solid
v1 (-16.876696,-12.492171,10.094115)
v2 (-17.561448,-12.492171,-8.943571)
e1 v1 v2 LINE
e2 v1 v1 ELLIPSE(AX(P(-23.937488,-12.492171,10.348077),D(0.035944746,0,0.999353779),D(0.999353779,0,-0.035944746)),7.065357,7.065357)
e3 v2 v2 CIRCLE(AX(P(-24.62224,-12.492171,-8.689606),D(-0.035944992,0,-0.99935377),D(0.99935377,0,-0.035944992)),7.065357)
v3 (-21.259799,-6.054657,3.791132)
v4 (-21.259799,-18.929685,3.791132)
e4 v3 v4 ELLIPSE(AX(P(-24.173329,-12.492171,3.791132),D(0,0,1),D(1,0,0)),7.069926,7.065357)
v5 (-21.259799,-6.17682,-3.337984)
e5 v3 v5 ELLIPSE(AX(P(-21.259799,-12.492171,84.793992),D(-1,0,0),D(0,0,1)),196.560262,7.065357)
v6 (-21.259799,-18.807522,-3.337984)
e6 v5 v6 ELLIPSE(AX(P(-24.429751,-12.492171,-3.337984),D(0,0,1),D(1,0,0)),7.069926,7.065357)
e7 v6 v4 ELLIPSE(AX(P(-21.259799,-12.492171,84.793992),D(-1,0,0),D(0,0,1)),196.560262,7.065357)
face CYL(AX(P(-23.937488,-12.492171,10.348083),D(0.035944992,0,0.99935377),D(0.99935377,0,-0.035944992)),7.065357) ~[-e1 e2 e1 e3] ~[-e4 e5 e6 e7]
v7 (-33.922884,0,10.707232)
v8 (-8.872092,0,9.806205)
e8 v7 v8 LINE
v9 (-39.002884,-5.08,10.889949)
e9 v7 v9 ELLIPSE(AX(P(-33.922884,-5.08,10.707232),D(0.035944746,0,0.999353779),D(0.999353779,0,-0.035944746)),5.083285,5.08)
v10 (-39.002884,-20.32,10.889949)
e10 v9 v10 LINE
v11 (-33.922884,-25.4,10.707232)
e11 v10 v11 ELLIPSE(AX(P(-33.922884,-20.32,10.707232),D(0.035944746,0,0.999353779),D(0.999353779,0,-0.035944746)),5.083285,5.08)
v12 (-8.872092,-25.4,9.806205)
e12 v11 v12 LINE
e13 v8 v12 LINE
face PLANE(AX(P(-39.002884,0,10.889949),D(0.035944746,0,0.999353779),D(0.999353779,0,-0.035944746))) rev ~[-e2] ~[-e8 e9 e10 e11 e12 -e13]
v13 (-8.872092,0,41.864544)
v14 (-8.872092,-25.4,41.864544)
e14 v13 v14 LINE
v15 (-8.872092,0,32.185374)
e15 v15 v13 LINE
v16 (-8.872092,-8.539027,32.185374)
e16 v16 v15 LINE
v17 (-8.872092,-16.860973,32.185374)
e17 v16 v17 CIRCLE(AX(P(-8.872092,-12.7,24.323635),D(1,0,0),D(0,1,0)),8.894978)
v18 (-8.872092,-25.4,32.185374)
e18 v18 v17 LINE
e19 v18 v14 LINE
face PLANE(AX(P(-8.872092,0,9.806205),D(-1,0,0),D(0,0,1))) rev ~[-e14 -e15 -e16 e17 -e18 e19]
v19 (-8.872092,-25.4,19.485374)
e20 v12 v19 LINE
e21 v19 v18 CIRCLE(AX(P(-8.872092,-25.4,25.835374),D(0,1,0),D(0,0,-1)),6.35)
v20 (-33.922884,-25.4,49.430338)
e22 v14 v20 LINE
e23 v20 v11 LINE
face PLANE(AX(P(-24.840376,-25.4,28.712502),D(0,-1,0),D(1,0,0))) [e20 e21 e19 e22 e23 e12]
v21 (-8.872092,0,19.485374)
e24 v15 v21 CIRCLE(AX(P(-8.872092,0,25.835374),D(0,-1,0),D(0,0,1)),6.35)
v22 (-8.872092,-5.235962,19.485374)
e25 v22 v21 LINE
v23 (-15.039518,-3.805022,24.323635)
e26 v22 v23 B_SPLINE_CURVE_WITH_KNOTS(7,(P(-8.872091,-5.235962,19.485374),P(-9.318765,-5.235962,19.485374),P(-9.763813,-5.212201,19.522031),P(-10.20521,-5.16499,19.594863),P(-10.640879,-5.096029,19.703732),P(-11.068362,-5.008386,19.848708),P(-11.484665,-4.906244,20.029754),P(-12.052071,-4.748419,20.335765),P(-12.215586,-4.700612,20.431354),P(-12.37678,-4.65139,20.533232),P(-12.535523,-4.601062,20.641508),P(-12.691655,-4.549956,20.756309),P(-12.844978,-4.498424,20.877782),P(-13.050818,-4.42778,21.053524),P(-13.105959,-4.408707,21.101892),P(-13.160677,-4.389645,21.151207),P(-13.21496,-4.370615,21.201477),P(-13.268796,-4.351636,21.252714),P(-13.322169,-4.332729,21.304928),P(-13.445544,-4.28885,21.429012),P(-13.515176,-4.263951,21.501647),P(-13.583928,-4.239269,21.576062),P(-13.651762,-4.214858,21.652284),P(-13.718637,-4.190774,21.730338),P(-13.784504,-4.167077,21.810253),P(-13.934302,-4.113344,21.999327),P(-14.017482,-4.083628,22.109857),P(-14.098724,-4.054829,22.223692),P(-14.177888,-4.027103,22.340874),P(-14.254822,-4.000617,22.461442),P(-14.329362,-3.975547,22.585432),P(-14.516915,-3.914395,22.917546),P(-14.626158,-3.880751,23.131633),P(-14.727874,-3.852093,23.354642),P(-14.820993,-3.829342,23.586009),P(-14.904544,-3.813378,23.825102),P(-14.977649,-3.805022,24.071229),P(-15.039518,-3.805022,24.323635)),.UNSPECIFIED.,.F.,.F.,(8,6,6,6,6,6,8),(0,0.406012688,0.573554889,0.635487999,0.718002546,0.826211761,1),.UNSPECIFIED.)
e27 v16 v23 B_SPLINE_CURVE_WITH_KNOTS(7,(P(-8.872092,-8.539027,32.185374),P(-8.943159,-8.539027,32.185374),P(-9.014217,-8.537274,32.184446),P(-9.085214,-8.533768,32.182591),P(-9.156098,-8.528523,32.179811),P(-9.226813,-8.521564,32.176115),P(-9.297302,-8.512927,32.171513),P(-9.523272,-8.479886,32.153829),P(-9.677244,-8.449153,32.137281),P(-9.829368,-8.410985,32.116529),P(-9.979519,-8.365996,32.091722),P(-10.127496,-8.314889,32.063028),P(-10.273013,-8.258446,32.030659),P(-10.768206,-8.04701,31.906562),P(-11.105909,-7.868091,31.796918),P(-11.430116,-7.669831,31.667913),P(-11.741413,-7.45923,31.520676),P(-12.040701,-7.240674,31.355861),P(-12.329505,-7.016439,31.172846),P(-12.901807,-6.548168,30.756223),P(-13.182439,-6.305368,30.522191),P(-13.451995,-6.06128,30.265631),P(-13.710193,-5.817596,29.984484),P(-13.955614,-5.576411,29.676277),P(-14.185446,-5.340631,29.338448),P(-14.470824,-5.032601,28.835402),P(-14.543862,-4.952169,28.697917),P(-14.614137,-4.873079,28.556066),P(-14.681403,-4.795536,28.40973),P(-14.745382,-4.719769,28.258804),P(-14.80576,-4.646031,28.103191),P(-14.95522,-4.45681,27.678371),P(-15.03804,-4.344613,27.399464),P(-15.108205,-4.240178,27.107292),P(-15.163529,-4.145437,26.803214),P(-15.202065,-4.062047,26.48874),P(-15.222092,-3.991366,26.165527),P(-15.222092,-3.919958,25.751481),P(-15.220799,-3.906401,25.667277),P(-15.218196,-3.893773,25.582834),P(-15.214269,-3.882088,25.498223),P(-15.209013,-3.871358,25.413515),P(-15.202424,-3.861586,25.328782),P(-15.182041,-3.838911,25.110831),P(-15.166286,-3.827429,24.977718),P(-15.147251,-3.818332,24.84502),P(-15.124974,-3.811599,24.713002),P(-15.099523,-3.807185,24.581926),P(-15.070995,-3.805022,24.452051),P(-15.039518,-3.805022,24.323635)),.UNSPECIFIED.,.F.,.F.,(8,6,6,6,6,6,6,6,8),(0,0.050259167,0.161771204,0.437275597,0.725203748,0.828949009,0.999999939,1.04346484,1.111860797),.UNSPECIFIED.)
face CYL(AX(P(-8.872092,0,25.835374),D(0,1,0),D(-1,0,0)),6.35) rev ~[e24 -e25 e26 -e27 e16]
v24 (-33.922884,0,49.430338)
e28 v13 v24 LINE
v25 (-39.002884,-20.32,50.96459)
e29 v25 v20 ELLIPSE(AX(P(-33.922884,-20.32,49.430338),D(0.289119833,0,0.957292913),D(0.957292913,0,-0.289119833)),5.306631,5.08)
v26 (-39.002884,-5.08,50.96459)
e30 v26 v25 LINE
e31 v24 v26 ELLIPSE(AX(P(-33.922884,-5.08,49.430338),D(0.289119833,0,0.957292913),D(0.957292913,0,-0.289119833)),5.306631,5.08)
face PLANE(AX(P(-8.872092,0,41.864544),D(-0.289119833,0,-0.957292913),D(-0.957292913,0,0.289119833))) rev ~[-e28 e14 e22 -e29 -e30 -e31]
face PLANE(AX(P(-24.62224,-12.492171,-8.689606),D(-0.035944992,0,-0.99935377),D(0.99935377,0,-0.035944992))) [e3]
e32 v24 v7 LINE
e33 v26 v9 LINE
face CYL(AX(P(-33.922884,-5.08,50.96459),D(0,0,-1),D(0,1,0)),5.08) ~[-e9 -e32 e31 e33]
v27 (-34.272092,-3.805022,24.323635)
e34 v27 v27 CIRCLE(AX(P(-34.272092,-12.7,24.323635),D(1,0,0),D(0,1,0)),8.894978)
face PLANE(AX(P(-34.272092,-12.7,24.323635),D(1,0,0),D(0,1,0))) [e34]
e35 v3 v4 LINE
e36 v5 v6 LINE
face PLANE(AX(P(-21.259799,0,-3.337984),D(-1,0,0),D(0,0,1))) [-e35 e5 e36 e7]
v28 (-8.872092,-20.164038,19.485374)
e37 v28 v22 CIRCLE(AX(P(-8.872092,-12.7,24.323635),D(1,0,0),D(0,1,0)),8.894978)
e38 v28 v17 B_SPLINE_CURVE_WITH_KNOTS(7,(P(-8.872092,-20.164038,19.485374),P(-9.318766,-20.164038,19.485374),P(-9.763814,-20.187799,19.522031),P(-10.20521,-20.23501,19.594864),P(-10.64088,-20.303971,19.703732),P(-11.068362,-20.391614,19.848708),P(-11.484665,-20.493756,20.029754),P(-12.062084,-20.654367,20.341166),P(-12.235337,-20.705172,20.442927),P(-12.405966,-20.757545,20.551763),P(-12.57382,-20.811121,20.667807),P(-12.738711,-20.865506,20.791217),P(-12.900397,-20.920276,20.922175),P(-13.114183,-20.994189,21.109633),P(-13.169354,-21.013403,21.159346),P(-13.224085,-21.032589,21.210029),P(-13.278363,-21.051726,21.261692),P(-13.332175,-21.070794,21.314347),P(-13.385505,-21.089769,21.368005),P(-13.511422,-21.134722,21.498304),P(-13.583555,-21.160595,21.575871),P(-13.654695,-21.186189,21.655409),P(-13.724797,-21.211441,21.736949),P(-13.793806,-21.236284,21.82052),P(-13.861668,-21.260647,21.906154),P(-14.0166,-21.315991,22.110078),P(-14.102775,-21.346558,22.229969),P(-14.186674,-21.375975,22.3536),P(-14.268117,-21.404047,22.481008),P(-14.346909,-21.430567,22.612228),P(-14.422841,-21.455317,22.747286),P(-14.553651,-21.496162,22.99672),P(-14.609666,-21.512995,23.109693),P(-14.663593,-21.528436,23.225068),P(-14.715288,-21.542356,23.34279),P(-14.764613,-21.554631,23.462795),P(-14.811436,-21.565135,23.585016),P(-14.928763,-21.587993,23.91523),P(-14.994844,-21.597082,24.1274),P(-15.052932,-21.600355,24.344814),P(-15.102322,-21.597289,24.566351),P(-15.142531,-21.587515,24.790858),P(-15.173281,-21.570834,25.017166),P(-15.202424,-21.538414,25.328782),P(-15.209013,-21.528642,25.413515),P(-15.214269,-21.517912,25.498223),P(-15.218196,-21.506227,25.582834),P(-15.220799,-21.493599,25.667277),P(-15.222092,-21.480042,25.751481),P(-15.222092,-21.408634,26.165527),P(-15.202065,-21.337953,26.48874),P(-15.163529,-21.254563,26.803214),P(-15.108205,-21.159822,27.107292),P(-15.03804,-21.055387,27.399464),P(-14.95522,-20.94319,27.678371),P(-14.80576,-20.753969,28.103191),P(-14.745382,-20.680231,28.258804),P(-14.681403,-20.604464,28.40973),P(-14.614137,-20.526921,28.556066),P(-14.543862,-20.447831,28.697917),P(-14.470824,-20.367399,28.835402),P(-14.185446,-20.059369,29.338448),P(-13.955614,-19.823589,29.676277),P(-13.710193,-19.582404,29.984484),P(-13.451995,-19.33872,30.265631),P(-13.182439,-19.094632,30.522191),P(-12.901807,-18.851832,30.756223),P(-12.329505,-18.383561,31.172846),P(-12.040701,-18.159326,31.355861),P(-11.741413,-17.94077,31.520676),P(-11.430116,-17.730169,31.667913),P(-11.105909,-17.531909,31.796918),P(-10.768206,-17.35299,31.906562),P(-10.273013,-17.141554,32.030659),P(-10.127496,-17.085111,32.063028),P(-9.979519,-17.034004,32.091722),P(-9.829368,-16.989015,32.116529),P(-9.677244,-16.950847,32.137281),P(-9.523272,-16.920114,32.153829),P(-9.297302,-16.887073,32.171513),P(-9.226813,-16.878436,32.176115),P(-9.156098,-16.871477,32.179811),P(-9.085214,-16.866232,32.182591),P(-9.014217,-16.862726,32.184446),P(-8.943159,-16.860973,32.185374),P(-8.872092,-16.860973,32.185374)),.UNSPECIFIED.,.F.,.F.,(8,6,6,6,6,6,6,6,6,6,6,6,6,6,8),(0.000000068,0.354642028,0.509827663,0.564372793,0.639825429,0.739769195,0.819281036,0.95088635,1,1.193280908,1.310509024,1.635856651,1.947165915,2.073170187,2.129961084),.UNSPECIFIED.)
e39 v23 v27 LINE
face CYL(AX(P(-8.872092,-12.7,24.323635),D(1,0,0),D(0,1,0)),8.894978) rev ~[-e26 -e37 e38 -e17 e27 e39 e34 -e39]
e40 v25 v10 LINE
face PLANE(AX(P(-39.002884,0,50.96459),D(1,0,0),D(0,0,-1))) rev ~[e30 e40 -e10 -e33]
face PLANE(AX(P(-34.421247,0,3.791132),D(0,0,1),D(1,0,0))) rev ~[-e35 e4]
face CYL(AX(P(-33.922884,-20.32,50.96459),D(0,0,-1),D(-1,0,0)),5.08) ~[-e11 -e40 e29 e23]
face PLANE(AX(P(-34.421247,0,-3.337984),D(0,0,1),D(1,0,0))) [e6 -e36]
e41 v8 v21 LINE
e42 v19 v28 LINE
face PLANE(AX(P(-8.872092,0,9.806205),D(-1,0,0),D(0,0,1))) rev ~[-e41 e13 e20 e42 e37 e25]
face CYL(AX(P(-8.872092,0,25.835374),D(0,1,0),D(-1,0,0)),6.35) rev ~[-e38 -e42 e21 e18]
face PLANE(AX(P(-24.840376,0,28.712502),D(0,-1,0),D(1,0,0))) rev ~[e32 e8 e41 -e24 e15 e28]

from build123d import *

# Parameters (mm, degrees)
F1_DEPTH  = 25.4
F2_R      = 8.894978
F3_DEPTH  = 12.7
F4_DEPTH  = 25.4
F5_R      = 7.065357
F6_DEPTH  = 19.05
F7_W      = 13.161447
F7_H      = 7.129116
F8_DEPTH  = 25.401
F9_R      = 6.35
F10_DEPTH = 25.401
F11_R     = 5.08
F12_R     = 5.08


with BuildPart() as f1:
    # F0 (on Front) → F1 (new body)
    with BuildSketch(Plane.XZ):
        Polygon((-8.872092, 41.864544), (-39.002884, 50.96459), (-39.002884, 10.889949), (-8.872092, 9.806205), align=None)
    extrude(amount=F1_DEPTH)

    # F2 (on face) → F3 (join)
    with BuildSketch(Plane.YZ.offset(-8.872092)):
        with Locations((-12.7, 24.323635)):
            Circle(F2_R)
    extrude(amount=-F3_DEPTH)

    # F2 (on face) → F4 (cut)
    with BuildSketch(Plane.YZ.offset(-8.872092)):
        with Locations((-12.7, 24.323635)):
            Circle(F2_R)
    extrude(amount=-F4_DEPTH, mode=Mode.SUBTRACT)

    # F5 (on face) → F6 (join)
    with BuildSketch(Plane(origin=(0.340791, 0, 9.474836), x_dir=(0.999354, 0, -0.035945), z_dir=(-0.035945, 0, -0.999354))):
        with Locations((-24.293978, 12.492171)):
            Circle(F5_R)
    extrude(amount=F6_DEPTH)

    # F7 (on Front) → F8 (cut, through all)
    with BuildSketch(Plane.XZ):
        with Locations((-27.840523, 0.226574)):
            Rectangle(F7_W, F7_H)
    extrude(amount=F8_DEPTH, mode=Mode.SUBTRACT)

    # F9 (on face) → F10 (cut, through all)
    with BuildSketch(Plane(origin=(0, 0, 0), x_dir=(-1, 0, 0), z_dir=(0, 1, 0))):
        with Locations((8.872092, 25.835374)):
            Circle(F9_R)
    extrude(amount=-F10_DEPTH, mode=Mode.SUBTRACT)

    # F11
    f11_edges = [f1.edges().sort_by_distance(p)[0] for p in [
        (-39.002884, 0, 30.92727),
    ]]
    fillet(f11_edges, radius=F11_R)

    # F12
    f12_edges = [f1.edges().sort_by_distance(p)[0] for p in [
        (-39.002884, -25.4, 30.92727),
    ]]
    fillet(f12_edges, radius=F12_R)


solid = f1.part
